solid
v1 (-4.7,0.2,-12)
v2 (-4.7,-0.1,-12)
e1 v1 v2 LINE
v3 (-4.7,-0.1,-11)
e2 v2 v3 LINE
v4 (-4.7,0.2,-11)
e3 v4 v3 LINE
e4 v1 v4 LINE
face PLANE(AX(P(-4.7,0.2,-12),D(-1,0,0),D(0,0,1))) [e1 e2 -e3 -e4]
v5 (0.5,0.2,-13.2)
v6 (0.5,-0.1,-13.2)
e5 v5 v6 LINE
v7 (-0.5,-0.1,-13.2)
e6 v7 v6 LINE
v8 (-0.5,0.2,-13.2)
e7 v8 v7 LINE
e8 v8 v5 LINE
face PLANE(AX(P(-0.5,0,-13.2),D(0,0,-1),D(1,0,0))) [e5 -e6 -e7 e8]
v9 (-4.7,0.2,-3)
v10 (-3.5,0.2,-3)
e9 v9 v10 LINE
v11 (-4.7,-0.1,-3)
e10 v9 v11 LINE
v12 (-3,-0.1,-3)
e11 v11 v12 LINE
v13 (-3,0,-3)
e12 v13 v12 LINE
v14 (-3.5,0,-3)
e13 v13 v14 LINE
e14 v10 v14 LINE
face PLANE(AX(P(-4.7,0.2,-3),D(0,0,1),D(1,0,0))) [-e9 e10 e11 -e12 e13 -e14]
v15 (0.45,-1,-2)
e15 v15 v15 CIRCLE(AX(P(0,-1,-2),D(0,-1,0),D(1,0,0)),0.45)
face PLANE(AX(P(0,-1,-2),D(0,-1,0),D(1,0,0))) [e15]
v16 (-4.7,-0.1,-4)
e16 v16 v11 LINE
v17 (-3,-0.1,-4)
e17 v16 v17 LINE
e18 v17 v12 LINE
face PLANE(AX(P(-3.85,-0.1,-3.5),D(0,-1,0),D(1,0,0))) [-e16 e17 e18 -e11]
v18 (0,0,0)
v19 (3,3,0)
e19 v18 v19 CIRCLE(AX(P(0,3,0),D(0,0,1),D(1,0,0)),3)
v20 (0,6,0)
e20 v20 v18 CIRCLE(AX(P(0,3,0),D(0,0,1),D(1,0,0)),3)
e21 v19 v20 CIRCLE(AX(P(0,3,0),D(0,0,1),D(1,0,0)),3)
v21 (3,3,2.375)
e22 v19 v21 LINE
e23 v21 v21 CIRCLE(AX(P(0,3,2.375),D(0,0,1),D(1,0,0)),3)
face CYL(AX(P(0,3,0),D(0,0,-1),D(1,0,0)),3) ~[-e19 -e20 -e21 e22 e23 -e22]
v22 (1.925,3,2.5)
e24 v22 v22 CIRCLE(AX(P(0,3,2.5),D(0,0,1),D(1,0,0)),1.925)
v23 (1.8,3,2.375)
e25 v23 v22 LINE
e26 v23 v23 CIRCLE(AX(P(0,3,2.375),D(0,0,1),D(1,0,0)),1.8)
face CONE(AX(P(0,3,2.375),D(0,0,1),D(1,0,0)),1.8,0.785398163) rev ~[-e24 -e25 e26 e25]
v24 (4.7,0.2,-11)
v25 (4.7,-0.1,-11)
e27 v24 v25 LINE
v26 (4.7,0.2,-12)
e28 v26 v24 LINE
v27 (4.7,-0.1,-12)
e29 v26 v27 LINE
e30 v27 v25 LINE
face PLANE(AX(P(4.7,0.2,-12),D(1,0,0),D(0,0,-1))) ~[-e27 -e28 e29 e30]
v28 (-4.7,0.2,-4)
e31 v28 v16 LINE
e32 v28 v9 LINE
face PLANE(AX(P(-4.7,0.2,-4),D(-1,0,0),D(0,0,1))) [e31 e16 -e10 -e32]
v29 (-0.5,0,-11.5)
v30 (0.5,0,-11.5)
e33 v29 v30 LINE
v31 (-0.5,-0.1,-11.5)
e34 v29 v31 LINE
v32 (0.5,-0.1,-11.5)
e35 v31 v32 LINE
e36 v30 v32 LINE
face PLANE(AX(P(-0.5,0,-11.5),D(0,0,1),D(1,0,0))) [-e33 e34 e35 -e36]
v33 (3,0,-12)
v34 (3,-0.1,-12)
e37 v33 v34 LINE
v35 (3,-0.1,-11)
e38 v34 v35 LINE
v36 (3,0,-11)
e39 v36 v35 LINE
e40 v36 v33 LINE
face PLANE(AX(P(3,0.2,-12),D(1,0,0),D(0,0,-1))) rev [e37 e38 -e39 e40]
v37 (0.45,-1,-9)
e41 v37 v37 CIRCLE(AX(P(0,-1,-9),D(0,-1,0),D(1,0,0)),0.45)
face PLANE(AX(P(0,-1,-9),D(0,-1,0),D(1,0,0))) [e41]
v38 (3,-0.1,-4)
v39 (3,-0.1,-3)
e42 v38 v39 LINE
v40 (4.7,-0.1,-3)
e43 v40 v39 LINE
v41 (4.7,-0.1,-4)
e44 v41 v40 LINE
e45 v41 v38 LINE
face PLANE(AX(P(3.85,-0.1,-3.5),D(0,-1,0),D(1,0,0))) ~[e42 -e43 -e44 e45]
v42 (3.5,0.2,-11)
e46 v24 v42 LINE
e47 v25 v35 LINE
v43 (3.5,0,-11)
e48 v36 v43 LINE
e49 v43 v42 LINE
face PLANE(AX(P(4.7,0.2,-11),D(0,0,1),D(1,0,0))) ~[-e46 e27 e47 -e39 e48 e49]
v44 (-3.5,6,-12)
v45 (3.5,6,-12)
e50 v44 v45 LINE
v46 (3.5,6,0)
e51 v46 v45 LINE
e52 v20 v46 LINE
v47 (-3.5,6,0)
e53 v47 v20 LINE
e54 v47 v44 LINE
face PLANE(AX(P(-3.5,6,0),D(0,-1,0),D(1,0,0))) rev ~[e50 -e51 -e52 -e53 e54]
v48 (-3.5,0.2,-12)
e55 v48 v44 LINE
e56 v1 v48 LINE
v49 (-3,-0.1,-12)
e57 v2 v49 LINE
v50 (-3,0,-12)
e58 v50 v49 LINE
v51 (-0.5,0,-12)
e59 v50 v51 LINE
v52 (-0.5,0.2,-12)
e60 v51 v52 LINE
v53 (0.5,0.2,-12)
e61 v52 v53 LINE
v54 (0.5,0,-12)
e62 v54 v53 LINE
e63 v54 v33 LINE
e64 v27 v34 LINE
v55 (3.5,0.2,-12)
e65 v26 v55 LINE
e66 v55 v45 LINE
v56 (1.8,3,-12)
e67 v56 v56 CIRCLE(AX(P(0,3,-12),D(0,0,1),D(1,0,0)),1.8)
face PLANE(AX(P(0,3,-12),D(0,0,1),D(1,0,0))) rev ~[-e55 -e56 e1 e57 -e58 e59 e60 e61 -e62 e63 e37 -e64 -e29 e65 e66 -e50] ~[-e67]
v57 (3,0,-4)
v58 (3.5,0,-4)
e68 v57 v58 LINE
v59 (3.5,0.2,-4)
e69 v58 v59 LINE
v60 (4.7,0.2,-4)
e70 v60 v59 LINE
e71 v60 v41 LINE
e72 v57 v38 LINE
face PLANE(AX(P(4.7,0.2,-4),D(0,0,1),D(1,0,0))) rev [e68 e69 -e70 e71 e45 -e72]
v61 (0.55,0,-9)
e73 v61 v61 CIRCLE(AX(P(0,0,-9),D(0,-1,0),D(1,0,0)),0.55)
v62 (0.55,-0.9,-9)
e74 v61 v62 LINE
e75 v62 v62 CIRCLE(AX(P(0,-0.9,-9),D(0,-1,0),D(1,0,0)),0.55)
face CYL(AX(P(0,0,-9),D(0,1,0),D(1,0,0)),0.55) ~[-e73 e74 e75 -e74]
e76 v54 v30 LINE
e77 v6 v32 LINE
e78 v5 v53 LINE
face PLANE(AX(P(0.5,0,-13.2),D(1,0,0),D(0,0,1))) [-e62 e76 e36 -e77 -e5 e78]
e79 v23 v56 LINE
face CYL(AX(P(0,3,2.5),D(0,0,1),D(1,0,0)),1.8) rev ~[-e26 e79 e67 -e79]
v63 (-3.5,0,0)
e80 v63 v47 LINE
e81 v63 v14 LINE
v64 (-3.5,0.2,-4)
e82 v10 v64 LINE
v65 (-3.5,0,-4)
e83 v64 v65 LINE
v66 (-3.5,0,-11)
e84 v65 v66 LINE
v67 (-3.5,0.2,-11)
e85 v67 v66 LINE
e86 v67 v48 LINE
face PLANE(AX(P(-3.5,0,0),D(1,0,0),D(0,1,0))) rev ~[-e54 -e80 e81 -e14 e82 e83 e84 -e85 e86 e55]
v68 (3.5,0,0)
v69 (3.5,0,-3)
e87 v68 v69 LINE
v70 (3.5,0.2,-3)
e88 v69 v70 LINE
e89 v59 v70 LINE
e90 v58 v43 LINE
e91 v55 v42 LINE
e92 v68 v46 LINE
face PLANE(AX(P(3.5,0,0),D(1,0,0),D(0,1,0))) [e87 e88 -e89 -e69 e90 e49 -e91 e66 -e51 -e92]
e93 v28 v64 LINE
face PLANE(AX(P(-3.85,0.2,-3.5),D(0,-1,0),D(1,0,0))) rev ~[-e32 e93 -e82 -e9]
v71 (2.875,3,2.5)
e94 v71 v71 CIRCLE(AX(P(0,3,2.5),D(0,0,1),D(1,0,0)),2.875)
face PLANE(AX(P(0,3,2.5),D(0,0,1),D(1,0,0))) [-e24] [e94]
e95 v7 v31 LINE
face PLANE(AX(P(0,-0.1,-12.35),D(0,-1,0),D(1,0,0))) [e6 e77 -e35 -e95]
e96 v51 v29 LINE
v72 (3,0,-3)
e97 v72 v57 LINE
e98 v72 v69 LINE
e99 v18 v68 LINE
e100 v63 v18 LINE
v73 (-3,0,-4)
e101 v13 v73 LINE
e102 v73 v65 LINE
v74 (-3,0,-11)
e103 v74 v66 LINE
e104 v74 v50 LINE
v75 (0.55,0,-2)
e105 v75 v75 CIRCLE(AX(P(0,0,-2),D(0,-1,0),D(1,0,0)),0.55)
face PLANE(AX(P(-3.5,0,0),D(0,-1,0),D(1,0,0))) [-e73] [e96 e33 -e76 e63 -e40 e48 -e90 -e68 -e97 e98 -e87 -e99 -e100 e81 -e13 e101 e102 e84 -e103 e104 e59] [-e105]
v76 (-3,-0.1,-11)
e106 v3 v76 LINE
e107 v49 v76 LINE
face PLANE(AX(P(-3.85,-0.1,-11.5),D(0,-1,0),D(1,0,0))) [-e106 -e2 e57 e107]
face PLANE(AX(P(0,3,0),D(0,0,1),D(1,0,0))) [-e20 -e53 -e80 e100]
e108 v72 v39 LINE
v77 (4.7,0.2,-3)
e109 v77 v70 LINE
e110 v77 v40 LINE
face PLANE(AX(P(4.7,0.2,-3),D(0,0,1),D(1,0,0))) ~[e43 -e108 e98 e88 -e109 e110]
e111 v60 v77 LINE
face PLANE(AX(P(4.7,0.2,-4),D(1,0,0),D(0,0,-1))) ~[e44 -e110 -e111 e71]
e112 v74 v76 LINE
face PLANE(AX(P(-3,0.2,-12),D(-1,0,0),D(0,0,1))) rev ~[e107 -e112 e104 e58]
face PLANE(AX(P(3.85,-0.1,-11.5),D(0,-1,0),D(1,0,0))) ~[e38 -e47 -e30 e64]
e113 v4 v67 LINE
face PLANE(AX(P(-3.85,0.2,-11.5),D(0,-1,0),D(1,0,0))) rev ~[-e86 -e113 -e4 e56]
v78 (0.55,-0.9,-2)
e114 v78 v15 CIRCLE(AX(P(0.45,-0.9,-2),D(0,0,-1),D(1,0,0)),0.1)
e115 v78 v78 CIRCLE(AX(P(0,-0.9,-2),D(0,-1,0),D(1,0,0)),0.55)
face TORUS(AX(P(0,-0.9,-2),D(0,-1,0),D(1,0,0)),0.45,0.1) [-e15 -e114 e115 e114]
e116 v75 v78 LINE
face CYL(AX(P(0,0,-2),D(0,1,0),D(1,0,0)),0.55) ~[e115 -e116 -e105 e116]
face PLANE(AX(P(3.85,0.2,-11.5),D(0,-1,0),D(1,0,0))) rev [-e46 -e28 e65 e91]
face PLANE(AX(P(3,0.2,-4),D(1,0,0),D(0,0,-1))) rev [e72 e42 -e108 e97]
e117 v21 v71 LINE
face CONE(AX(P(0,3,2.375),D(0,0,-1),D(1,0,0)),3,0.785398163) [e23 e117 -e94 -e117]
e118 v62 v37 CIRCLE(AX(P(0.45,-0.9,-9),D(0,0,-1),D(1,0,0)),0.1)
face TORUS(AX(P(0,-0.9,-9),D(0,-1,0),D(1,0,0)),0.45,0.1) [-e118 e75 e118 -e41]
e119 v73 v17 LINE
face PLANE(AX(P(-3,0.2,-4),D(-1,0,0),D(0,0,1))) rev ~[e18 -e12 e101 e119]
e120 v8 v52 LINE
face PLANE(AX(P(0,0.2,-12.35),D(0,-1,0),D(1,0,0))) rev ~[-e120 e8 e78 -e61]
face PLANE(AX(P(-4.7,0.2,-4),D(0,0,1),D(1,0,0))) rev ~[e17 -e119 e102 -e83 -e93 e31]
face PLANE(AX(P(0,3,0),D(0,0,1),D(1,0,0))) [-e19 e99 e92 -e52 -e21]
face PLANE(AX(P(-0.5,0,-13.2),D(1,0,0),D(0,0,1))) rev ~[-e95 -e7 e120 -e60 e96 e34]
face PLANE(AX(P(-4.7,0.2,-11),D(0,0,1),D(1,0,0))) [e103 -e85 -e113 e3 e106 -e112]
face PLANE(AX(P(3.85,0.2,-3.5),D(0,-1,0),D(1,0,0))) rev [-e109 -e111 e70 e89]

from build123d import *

# Parameters (mm, degrees)
ESQUISSE1_R             = 3
BOSS_EXTRU_1_DEPTH      = 2.5
ESQUISSE2_W             = 7
ESQUISSE2_H             = 6
BOSS_EXTRU_2_DEPTH      = 12
ESQUISSE4_R             = 1.8
ENL_V_MAT_EXTRU_2_DEPTH = 15.5
CHANFREIN2_SIZE         = 0.125
ESQUISSE5_R             = 0.55
BOSS_EXTRU_3_DEPTH      = 1
CONG_1_R                = 0.1
BOSS_EXTRU_4_START      = -0.2
ESQUISSE6_W             = 1.7
ESQUISSE6_H             = 1
BOSS_EXTRU_4_DEPTH      = 0.3
ESQUISSE7_W             = 1
ESQUISSE7_H             = 1.7
BOSS_EXTRU_5_DEPTH      = 0.1
BOSS_EXTRU_5_DEPTH_BACK = 0.2


with BuildPart() as part:
    # Esquisse1 → Boss.-Extru.1 (new body)
    with BuildSketch(Plane.XY):
        with Locations((0, 3)):
            Circle(ESQUISSE1_R)
    extrude(amount=BOSS_EXTRU_1_DEPTH)

    # Esquisse2 → Boss.-Extru.2 (add)
    with BuildSketch(Plane.XY):
        with Locations((0, 3)):
            Rectangle(ESQUISSE2_W, ESQUISSE2_H)
    extrude(amount=-BOSS_EXTRU_2_DEPTH)

    # Esquisse4 → Enlèv. mat.-Extru.2 (cut, through all)
    with BuildSketch(Plane.XY.offset(2.5)):
        with Locations((0, 3)):
            Circle(ESQUISSE4_R)
    extrude(amount=-ENL_V_MAT_EXTRU_2_DEPTH, mode=Mode.SUBTRACT)

    # Chanfrein2
    chanfrein2_edges = [part.edges().sort_by_distance(p)[0] for p in [
        (-1.8, 3, 2.5),
        (-3, 3, 2.5),
    ]]
    chamfer(chanfrein2_edges, length=CHANFREIN2_SIZE)

    # Esquisse5 → Boss.-Extru.3 (add)
    with BuildSketch(Plane.XZ):
        with Locations((0, -2)):
            Circle(ESQUISSE5_R)
        with Locations((0, -9)):
            Circle(ESQUISSE5_R)
    extrude(amount=BOSS_EXTRU_3_DEPTH)

    # Congé1
    cong_1_edges = [part.edges().sort_by_distance(p)[0] for p in [
        (-0.55, -1, -2),
        (-0.55, -1, -9),
    ]]
    fillet(cong_1_edges, radius=CONG_1_R)

    # Esquisse6 → Boss.-Extru.4 (add)
    with BuildSketch(Plane.XZ.offset(BOSS_EXTRU_4_START)):
        with Locations((-3.85, -3.5)):
            Rectangle(ESQUISSE6_W, ESQUISSE6_H)
        with Locations((-3.85, -11.5)):
            Rectangle(ESQUISSE6_W, ESQUISSE6_H)
    boss_extru_4 = extrude(amount=BOSS_EXTRU_4_DEPTH)

    # Symétrie1: Boss.-Extru.4 across plane
    add(boss_extru_4.mirror(Plane(origin=(0, 0, 0), x_dir=(0, 0, 1), z_dir=(1, 0, 0))))

    # Esquisse7 → Boss.-Extru.5 (add, two sides)
    with BuildSketch(Plane.XZ) as boss_extru_5_sk:
        with Locations((0, -12.35)):
            Rectangle(ESQUISSE7_W, ESQUISSE7_H)
    extrude(amount=BOSS_EXTRU_5_DEPTH)
    extrude(boss_extru_5_sk.sketch, amount=-BOSS_EXTRU_5_DEPTH_BACK)


solid = part.part
